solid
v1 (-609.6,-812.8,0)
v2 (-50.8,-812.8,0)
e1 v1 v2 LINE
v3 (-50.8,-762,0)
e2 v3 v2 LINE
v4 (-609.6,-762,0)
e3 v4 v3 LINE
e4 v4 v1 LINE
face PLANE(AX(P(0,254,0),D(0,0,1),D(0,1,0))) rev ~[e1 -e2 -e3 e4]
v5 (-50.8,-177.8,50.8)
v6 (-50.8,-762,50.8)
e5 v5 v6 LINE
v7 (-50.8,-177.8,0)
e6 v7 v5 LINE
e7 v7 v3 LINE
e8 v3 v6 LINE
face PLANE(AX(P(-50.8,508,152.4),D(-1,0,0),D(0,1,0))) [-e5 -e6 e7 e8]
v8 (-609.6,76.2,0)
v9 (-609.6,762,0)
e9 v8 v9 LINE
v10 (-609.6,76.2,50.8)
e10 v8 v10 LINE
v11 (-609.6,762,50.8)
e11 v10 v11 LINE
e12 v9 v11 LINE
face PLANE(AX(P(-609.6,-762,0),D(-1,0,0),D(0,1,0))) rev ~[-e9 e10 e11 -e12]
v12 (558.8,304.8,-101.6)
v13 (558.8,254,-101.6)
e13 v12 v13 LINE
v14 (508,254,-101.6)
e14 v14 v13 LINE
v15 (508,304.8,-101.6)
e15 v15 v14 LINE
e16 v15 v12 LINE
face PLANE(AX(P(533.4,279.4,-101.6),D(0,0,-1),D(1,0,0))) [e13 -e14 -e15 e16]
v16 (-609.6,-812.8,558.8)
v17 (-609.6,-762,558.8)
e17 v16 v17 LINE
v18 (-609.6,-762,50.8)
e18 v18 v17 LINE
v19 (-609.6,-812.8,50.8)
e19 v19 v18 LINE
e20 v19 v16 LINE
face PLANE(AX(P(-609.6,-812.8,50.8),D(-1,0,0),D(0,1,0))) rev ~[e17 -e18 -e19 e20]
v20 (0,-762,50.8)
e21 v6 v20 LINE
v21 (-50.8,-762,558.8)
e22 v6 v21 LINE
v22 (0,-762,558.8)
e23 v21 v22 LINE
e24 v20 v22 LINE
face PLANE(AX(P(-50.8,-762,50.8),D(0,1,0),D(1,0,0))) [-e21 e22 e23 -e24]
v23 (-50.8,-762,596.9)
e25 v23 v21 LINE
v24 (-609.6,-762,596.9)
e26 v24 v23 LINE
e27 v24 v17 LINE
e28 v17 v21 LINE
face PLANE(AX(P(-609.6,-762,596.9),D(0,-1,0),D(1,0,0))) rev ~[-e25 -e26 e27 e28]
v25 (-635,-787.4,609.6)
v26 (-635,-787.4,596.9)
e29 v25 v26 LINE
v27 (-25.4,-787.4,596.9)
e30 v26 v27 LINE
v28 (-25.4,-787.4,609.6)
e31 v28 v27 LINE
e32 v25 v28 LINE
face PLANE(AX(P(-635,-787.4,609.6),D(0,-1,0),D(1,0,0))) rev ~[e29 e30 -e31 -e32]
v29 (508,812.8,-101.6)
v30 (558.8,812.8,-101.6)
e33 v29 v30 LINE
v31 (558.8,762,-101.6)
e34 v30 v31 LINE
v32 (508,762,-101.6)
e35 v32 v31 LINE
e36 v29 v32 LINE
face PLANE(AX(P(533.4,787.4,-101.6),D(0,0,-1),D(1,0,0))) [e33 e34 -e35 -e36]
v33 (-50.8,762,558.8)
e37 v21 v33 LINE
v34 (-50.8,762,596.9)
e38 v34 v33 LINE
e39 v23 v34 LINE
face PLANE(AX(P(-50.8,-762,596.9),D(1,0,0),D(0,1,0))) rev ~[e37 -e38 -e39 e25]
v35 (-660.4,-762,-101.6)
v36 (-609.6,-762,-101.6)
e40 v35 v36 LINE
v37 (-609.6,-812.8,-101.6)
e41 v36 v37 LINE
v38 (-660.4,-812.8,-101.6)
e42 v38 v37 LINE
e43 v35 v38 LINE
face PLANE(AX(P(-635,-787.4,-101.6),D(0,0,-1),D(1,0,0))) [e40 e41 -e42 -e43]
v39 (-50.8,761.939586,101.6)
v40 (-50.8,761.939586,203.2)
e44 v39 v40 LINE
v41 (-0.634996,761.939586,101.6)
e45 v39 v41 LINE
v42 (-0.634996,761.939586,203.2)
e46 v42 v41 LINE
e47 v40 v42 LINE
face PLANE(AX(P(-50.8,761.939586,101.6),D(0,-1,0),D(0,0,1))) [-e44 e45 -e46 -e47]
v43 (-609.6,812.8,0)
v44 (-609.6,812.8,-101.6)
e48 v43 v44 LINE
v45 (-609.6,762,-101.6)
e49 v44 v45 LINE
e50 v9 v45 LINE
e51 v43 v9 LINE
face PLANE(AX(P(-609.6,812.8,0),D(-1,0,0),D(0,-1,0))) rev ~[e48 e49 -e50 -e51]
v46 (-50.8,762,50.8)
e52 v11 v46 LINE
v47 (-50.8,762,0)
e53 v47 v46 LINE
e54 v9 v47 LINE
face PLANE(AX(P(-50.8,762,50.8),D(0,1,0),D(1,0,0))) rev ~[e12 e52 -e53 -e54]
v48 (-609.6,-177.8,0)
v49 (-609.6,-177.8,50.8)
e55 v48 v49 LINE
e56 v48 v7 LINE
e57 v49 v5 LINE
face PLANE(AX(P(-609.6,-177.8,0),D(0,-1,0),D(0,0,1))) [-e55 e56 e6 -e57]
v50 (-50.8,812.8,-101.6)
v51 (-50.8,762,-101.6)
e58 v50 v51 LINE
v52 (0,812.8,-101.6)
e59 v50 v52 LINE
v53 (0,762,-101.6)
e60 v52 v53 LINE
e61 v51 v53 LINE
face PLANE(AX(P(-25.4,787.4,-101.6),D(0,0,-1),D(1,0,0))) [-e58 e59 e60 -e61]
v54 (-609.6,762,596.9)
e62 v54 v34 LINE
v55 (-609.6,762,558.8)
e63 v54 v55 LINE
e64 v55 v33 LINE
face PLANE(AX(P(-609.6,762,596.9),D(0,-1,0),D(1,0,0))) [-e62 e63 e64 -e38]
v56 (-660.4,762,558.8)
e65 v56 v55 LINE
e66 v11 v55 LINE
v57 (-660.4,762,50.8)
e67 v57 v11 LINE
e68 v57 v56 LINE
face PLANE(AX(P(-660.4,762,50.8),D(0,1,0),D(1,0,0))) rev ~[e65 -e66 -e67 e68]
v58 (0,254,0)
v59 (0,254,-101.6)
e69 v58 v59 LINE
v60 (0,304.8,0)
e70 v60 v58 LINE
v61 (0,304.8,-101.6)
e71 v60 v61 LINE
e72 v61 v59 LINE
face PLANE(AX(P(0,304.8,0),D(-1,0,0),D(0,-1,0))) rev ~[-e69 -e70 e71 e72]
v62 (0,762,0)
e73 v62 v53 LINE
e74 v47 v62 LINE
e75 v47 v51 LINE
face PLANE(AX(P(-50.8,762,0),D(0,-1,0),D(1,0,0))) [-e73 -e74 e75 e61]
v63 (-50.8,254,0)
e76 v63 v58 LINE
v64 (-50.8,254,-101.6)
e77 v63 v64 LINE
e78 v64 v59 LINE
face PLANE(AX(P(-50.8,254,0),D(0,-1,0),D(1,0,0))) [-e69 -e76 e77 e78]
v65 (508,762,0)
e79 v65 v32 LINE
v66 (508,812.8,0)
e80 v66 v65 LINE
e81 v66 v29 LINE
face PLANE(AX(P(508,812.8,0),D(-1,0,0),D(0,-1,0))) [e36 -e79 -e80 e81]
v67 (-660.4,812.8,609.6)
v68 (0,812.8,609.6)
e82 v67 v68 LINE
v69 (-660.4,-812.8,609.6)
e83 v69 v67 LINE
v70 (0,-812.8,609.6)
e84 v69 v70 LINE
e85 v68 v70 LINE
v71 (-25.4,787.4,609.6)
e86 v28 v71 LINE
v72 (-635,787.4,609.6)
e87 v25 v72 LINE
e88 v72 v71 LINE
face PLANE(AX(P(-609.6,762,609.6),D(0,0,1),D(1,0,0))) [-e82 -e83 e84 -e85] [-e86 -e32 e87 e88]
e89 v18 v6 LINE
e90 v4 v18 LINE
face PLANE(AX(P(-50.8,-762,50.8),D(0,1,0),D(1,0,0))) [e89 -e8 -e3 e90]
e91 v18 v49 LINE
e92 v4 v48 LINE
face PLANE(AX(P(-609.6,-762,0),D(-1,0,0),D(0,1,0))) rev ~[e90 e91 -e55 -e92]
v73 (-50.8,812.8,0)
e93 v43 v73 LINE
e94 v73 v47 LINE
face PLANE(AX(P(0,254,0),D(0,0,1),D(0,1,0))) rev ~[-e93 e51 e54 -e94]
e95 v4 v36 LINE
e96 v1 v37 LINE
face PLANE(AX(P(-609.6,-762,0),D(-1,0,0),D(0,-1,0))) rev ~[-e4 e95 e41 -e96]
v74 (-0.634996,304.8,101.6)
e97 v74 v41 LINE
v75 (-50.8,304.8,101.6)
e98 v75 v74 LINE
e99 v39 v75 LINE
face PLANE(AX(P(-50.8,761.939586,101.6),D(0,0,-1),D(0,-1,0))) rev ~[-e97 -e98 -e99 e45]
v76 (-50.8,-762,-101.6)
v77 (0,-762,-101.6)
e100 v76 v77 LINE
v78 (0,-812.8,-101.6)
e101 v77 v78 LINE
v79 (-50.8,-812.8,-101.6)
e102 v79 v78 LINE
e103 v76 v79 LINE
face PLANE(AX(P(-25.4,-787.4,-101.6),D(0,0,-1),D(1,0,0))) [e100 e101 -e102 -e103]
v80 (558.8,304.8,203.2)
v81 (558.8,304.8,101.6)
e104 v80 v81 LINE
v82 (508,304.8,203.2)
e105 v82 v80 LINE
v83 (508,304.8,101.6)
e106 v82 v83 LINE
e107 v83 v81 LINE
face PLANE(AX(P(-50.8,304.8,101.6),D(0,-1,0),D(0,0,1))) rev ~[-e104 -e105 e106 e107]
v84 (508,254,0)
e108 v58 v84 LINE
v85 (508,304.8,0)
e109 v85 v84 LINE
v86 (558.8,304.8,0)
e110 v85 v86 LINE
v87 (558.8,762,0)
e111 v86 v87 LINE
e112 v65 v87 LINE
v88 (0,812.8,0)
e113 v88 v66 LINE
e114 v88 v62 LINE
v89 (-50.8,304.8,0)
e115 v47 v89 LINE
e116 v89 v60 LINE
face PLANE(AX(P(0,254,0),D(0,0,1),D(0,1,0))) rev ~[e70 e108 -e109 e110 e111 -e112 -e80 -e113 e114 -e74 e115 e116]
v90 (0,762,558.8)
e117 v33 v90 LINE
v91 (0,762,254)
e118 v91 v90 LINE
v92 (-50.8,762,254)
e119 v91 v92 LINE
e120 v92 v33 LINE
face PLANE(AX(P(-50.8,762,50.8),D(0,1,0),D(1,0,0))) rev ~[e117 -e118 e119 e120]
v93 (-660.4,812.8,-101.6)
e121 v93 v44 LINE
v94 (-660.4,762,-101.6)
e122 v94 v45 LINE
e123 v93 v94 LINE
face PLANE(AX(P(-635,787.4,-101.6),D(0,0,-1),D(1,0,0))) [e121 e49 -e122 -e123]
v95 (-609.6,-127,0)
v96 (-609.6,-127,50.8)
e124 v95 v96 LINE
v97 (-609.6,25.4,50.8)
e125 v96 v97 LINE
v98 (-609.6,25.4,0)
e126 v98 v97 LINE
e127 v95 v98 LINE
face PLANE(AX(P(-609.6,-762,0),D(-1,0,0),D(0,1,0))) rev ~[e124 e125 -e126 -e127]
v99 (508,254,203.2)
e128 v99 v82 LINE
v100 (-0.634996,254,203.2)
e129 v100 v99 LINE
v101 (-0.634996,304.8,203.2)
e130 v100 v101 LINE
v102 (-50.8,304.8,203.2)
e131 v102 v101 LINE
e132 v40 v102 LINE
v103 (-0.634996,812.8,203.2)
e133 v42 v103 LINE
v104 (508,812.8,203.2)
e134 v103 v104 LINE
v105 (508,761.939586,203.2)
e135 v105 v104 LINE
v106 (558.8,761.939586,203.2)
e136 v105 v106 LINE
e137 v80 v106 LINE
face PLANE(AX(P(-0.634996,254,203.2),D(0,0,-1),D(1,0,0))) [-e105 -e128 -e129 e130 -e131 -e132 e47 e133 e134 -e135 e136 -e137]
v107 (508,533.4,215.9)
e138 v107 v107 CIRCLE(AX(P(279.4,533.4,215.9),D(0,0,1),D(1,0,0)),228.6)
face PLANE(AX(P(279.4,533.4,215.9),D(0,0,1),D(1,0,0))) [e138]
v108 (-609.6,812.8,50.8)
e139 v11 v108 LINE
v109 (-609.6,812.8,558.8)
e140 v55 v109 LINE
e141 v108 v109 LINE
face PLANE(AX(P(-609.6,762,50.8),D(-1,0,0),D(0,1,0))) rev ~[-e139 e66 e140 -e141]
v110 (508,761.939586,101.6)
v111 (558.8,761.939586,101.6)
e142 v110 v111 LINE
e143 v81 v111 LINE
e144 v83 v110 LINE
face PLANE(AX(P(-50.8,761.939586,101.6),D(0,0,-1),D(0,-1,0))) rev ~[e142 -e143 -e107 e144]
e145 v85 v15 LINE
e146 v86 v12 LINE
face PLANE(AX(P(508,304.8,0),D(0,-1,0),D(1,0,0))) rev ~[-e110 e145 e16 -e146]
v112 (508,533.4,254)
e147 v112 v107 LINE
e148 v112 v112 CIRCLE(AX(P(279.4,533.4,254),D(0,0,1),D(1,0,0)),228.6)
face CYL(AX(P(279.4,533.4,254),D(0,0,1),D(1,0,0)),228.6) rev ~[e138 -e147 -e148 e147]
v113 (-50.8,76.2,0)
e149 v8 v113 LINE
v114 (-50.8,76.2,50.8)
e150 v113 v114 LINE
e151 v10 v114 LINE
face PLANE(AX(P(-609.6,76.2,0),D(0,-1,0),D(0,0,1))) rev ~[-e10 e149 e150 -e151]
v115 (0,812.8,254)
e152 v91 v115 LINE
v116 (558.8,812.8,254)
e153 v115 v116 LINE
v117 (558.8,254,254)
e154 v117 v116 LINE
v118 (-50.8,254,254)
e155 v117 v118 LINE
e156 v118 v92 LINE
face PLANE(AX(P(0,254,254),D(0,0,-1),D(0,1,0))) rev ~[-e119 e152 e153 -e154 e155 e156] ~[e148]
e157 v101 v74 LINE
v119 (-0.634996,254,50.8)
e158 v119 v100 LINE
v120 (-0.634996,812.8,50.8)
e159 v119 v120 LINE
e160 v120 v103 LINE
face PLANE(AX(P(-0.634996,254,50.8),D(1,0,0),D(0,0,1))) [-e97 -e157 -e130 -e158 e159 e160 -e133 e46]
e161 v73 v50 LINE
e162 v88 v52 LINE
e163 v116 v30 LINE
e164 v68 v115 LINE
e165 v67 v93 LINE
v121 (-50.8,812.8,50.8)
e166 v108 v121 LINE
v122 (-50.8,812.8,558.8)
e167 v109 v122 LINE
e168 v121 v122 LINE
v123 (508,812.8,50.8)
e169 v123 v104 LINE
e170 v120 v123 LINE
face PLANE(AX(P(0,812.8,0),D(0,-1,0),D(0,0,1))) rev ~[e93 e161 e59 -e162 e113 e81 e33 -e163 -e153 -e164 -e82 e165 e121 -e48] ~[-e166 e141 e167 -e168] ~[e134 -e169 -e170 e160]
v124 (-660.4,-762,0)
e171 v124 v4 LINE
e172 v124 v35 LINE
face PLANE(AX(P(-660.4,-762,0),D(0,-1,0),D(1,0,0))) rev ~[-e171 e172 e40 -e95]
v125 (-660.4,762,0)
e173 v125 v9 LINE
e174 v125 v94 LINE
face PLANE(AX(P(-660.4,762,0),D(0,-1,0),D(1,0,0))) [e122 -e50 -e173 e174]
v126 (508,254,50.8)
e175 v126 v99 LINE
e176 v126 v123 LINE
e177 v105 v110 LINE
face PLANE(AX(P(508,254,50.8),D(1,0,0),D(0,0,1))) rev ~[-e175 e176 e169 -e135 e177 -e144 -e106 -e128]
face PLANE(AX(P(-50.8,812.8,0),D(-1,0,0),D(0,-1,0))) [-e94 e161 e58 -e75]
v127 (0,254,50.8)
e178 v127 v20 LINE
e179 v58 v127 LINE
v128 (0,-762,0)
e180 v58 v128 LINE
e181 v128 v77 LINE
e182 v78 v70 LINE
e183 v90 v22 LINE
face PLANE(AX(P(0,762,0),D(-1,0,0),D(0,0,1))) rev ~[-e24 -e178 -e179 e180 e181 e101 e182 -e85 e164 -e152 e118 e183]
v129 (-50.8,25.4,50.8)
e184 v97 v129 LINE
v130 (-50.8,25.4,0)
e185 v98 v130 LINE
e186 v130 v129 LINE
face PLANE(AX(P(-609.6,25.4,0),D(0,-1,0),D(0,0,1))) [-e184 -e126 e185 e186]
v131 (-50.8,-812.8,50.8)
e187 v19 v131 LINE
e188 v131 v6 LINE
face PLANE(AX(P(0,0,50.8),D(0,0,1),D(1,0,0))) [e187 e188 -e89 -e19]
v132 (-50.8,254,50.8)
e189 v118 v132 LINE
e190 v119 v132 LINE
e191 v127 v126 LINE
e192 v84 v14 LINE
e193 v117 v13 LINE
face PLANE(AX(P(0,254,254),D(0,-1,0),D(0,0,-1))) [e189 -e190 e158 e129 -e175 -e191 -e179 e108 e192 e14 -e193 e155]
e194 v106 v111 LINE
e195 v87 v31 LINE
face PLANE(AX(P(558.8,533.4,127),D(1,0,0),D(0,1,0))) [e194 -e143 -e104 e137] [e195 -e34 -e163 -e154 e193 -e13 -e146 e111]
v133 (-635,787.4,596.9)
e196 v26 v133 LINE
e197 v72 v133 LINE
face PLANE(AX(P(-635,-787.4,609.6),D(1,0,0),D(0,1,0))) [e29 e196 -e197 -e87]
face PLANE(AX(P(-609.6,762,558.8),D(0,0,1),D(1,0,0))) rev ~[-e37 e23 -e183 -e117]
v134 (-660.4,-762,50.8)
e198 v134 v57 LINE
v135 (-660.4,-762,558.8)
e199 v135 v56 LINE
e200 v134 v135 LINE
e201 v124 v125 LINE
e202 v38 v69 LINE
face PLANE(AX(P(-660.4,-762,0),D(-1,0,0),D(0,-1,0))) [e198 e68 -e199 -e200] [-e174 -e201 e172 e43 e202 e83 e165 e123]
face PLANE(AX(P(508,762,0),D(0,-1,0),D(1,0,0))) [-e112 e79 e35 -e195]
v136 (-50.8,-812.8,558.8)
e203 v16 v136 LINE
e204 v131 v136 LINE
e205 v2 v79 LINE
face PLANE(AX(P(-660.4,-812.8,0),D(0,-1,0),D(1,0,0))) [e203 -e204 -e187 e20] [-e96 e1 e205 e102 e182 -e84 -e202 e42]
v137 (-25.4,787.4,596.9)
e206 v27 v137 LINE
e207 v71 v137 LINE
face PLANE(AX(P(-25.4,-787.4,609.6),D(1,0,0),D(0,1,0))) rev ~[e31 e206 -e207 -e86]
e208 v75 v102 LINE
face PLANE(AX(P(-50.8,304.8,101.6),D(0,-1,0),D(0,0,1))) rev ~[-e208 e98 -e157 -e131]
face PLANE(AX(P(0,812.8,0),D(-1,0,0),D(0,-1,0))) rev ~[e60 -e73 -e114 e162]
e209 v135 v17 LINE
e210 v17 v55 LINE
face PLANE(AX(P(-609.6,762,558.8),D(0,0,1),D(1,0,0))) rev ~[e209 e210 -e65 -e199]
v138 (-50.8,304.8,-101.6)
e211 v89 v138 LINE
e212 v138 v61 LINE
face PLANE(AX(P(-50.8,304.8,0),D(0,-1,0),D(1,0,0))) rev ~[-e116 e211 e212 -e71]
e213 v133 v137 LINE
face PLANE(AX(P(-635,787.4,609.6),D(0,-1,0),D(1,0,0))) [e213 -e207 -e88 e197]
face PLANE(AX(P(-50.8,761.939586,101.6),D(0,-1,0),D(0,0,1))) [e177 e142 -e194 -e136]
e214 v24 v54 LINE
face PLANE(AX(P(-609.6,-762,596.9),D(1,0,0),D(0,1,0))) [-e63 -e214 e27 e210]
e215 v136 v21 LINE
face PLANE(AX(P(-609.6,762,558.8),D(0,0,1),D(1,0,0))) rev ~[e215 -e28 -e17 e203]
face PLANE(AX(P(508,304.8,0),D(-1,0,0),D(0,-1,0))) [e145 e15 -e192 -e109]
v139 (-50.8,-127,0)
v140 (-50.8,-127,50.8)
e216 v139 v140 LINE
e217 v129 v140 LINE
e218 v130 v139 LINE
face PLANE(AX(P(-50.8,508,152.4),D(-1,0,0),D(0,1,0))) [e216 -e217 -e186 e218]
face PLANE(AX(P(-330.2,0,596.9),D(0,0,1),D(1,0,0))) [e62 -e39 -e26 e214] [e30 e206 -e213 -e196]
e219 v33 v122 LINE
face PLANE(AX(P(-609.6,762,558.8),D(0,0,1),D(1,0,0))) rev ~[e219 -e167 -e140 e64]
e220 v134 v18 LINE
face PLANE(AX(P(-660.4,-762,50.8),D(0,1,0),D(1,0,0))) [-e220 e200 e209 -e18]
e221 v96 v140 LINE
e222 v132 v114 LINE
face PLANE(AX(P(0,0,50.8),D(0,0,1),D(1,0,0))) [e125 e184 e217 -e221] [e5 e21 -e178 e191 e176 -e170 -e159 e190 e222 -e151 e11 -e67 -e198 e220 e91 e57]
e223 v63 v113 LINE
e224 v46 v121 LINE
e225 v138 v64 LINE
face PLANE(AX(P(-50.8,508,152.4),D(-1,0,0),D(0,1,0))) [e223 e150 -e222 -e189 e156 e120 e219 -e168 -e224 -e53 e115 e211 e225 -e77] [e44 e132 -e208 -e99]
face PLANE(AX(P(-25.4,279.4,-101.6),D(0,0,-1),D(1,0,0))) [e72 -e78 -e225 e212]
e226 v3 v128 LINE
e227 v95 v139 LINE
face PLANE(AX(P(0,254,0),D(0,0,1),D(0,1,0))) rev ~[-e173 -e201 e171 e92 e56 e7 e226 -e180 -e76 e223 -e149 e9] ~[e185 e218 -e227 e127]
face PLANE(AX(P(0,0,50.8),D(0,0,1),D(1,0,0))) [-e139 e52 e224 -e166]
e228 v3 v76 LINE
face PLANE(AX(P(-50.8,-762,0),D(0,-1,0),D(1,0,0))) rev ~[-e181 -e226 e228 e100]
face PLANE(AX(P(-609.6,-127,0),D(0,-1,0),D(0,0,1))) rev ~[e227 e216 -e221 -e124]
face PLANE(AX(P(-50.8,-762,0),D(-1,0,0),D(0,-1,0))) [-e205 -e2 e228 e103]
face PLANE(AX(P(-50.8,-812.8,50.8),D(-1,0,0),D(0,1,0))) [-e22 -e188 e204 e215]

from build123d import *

# Parameters (mm, degrees)
F0_W       = 1320.8
F0_H       = 1625.6
F0_W_2     = 1219.2
F0_H_2     = 1524
F1_DEPTH   = 50.8
F2_W       = 50.8
F2_H       = 50.8
F3_DEPTH   = 508
F4_W       = 1320.8
F4_H       = 1625.6
F4_W_2     = 1219.2
F4_H_2     = 1524
F5_DEPTH   = 50.8
F6_W       = 609.6
F6_H       = 50.8
F7_DEPTH   = 1524
F9_DEPTH   = 609.601
F10_W      = 50.8
F10_H      = 50.8
F11_DEPTH  = 508
F12_W      = 50.8
F12_H      = 50.8
F13_DEPTH  = 1524
F14_W      = 558.8
F14_H      = 254
F15_DEPTH  = 558.8
F15_FACE_W = 508
F15_FACE_H = 203.2
F16_DEPTH  = 50.8
F17_W      = 508.634997
F17_H      = 152.4
F18_DEPTH  = 558.801
F19_W      = 457.139586
F19_H      = 101.6
F20_DEPTH  = 609.601
F21_W      = 609.6
F21_H      = 1574.8
F22_DEPTH  = 12.7
F23_W      = 558.8
F23_H      = 1524
F24_DEPTH  = 596.901
F25_W      = 50.8
F25_H      = 50.8
F26_DEPTH  = 101.6
F27_W      = 50.8
F27_H      = 50.8
F28_DEPTH  = 558.8
F29_R      = 228.6
F30_DEPTH  = 38.1


with BuildPart() as f1:
    # F0 (on Top) → F1 (new body)
    with BuildSketch(Plane.XY):
        Rectangle(F0_W, F0_H)
        Rectangle(F0_W_2, F0_H_2, mode=Mode.SUBTRACT)
    extrude(amount=F1_DEPTH)

    # F2 (on face) → F3 (join)
    with BuildSketch(Plane.XY.offset(50.8)):
        with Locations((-635, 787.4)):
            Rectangle(F2_W, F2_H)
        with Locations((635, 787.4)):
            Rectangle(F2_W, F2_H)
        with Locations((635, -787.4)):
            Rectangle(F2_W, F2_H)
        with Locations((-635, -787.4)):
            Rectangle(F2_W, F2_H)
    extrude(amount=F3_DEPTH)

    # F4 (on face) → F5 (join)
    with BuildSketch(Plane.XY.offset(558.8)):
        Rectangle(F4_W, F4_H)
        Rectangle(F4_W_2, F4_H_2, mode=Mode.SUBTRACT)
    extrude(amount=F5_DEPTH)

    # F6 (on face) → F7 (join, through all)
    with BuildSketch(Plane.XZ.offset(-762)):
        with Locations((-304.8, 584.2)):
            Rectangle(F6_W, F6_H)
    extrude(amount=F7_DEPTH)

    # F8 (on face) → F9 (cut, through all)
    with BuildSketch(Plane.XY.offset(609.6)):
        Polygon((0, 812.8), (0, 762), (0, -812.8), (660.4, -812.8), (660.4, 812.8), align=None)
    extrude(amount=-F9_DEPTH, mode=Mode.SUBTRACT)

    # F10 (on face) → F11 (join, through all)
    with BuildSketch(Plane.XY.offset(50.8)):
        with Locations((-25.4, 787.4)):
            Rectangle(F10_W, F10_H)
        with Locations((-25.4, -787.4)):
            Rectangle(F10_W, F10_H)
    extrude(amount=F11_DEPTH)

    # F12 (on face) → F13 (join, through all)
    with BuildSketch(Plane.XZ.offset(-762)):
        with Locations((-25.4, 25.4)):
            Rectangle(F12_W, F12_H)
    extrude(amount=F13_DEPTH)

    # F14 (on face) → F15 (join)
    with BuildSketch(Plane.YZ):
        with Locations((533.4, 127)):
            Rectangle(F14_W, F14_H)
    extrude(amount=F15_DEPTH)

    # F15_face (on face) → F16 (join)
    with BuildSketch(Plane(origin=(0, 508, 152.4), x_dir=(0, 1, 0), z_dir=(-1, 0, 0))):
        Rectangle(F15_FACE_W, F15_FACE_H)
    extrude(amount=F16_DEPTH)

    # F17 (on face) → F18 (cut, through all)
    with BuildSketch(Plane.XZ.offset(-254)):
        with Locations((253.682502, 127)):
            Rectangle(F17_W, F17_H)
    extrude(amount=-F18_DEPTH, mode=Mode.SUBTRACT)

    # F19 (on face) → F20 (cut, through all)
    with BuildSketch(Plane(origin=(-50.8, 0, 0), x_dir=(0, -1, 0), z_dir=(-1, 0, 0))):
        with Locations((-533.369793, 152.4)):
            Rectangle(F19_W, F19_H)
    extrude(amount=-F20_DEPTH, mode=Mode.SUBTRACT)

    # F21 (on face) → F22 (cut)
    with BuildSketch(Plane.XY.offset(609.6)):
        with Locations((-330.2, 0)):
            Rectangle(F21_W, F21_H)
    extrude(amount=-F22_DEPTH, mode=Mode.SUBTRACT)

    # F23 (on face) → F24 (cut, through all)
    with BuildSketch(Plane.XY.offset(596.9)):
        with Locations((-330.2, 0)):
            Rectangle(F23_W, F23_H)
    extrude(amount=-F24_DEPTH, mode=Mode.SUBTRACT)

    # F25 (on face) → F26 (join)
    with BuildSketch(Plane(origin=(0, 0, 0), x_dir=(1, 0, 0), z_dir=(0, 0, -1))):
        with Locations((-635, 787.4)):
            Rectangle(F25_W, F25_H)
        with Locations((-25.4, 787.4)):
            Rectangle(F25_W, F25_H)
        with Locations((-635, -787.4)):
            Rectangle(F25_W, F25_H)
        with Locations((-25.4, -787.4)):
            Rectangle(F25_W, F25_H)
        with Locations((-25.4, -279.4)):
            Rectangle(F25_W, F25_H)
        with Locations((533.4, -279.4)):
            Rectangle(F25_W, F25_H)
        with Locations((533.4, -787.4)):
            Rectangle(F25_W, F25_H)
    extrude(amount=F26_DEPTH)

    # F27 (on face) → F28 (join, through all)
    with BuildSketch(Plane.YZ.offset(-609.6)):
        with Locations((-152.4, 25.4)):
            Rectangle(F27_W, F27_H)
        with Locations((50.8, 25.4)):
            Rectangle(F27_W, F27_H)
    extrude(amount=F28_DEPTH)

    # F29 (on face) → F30 (cut)
    with BuildSketch(Plane.XY.offset(254)):
        with Locations((279.4, 533.4)):
            Circle(F29_R)
    extrude(amount=-F30_DEPTH, mode=Mode.SUBTRACT)


solid = f1.part
